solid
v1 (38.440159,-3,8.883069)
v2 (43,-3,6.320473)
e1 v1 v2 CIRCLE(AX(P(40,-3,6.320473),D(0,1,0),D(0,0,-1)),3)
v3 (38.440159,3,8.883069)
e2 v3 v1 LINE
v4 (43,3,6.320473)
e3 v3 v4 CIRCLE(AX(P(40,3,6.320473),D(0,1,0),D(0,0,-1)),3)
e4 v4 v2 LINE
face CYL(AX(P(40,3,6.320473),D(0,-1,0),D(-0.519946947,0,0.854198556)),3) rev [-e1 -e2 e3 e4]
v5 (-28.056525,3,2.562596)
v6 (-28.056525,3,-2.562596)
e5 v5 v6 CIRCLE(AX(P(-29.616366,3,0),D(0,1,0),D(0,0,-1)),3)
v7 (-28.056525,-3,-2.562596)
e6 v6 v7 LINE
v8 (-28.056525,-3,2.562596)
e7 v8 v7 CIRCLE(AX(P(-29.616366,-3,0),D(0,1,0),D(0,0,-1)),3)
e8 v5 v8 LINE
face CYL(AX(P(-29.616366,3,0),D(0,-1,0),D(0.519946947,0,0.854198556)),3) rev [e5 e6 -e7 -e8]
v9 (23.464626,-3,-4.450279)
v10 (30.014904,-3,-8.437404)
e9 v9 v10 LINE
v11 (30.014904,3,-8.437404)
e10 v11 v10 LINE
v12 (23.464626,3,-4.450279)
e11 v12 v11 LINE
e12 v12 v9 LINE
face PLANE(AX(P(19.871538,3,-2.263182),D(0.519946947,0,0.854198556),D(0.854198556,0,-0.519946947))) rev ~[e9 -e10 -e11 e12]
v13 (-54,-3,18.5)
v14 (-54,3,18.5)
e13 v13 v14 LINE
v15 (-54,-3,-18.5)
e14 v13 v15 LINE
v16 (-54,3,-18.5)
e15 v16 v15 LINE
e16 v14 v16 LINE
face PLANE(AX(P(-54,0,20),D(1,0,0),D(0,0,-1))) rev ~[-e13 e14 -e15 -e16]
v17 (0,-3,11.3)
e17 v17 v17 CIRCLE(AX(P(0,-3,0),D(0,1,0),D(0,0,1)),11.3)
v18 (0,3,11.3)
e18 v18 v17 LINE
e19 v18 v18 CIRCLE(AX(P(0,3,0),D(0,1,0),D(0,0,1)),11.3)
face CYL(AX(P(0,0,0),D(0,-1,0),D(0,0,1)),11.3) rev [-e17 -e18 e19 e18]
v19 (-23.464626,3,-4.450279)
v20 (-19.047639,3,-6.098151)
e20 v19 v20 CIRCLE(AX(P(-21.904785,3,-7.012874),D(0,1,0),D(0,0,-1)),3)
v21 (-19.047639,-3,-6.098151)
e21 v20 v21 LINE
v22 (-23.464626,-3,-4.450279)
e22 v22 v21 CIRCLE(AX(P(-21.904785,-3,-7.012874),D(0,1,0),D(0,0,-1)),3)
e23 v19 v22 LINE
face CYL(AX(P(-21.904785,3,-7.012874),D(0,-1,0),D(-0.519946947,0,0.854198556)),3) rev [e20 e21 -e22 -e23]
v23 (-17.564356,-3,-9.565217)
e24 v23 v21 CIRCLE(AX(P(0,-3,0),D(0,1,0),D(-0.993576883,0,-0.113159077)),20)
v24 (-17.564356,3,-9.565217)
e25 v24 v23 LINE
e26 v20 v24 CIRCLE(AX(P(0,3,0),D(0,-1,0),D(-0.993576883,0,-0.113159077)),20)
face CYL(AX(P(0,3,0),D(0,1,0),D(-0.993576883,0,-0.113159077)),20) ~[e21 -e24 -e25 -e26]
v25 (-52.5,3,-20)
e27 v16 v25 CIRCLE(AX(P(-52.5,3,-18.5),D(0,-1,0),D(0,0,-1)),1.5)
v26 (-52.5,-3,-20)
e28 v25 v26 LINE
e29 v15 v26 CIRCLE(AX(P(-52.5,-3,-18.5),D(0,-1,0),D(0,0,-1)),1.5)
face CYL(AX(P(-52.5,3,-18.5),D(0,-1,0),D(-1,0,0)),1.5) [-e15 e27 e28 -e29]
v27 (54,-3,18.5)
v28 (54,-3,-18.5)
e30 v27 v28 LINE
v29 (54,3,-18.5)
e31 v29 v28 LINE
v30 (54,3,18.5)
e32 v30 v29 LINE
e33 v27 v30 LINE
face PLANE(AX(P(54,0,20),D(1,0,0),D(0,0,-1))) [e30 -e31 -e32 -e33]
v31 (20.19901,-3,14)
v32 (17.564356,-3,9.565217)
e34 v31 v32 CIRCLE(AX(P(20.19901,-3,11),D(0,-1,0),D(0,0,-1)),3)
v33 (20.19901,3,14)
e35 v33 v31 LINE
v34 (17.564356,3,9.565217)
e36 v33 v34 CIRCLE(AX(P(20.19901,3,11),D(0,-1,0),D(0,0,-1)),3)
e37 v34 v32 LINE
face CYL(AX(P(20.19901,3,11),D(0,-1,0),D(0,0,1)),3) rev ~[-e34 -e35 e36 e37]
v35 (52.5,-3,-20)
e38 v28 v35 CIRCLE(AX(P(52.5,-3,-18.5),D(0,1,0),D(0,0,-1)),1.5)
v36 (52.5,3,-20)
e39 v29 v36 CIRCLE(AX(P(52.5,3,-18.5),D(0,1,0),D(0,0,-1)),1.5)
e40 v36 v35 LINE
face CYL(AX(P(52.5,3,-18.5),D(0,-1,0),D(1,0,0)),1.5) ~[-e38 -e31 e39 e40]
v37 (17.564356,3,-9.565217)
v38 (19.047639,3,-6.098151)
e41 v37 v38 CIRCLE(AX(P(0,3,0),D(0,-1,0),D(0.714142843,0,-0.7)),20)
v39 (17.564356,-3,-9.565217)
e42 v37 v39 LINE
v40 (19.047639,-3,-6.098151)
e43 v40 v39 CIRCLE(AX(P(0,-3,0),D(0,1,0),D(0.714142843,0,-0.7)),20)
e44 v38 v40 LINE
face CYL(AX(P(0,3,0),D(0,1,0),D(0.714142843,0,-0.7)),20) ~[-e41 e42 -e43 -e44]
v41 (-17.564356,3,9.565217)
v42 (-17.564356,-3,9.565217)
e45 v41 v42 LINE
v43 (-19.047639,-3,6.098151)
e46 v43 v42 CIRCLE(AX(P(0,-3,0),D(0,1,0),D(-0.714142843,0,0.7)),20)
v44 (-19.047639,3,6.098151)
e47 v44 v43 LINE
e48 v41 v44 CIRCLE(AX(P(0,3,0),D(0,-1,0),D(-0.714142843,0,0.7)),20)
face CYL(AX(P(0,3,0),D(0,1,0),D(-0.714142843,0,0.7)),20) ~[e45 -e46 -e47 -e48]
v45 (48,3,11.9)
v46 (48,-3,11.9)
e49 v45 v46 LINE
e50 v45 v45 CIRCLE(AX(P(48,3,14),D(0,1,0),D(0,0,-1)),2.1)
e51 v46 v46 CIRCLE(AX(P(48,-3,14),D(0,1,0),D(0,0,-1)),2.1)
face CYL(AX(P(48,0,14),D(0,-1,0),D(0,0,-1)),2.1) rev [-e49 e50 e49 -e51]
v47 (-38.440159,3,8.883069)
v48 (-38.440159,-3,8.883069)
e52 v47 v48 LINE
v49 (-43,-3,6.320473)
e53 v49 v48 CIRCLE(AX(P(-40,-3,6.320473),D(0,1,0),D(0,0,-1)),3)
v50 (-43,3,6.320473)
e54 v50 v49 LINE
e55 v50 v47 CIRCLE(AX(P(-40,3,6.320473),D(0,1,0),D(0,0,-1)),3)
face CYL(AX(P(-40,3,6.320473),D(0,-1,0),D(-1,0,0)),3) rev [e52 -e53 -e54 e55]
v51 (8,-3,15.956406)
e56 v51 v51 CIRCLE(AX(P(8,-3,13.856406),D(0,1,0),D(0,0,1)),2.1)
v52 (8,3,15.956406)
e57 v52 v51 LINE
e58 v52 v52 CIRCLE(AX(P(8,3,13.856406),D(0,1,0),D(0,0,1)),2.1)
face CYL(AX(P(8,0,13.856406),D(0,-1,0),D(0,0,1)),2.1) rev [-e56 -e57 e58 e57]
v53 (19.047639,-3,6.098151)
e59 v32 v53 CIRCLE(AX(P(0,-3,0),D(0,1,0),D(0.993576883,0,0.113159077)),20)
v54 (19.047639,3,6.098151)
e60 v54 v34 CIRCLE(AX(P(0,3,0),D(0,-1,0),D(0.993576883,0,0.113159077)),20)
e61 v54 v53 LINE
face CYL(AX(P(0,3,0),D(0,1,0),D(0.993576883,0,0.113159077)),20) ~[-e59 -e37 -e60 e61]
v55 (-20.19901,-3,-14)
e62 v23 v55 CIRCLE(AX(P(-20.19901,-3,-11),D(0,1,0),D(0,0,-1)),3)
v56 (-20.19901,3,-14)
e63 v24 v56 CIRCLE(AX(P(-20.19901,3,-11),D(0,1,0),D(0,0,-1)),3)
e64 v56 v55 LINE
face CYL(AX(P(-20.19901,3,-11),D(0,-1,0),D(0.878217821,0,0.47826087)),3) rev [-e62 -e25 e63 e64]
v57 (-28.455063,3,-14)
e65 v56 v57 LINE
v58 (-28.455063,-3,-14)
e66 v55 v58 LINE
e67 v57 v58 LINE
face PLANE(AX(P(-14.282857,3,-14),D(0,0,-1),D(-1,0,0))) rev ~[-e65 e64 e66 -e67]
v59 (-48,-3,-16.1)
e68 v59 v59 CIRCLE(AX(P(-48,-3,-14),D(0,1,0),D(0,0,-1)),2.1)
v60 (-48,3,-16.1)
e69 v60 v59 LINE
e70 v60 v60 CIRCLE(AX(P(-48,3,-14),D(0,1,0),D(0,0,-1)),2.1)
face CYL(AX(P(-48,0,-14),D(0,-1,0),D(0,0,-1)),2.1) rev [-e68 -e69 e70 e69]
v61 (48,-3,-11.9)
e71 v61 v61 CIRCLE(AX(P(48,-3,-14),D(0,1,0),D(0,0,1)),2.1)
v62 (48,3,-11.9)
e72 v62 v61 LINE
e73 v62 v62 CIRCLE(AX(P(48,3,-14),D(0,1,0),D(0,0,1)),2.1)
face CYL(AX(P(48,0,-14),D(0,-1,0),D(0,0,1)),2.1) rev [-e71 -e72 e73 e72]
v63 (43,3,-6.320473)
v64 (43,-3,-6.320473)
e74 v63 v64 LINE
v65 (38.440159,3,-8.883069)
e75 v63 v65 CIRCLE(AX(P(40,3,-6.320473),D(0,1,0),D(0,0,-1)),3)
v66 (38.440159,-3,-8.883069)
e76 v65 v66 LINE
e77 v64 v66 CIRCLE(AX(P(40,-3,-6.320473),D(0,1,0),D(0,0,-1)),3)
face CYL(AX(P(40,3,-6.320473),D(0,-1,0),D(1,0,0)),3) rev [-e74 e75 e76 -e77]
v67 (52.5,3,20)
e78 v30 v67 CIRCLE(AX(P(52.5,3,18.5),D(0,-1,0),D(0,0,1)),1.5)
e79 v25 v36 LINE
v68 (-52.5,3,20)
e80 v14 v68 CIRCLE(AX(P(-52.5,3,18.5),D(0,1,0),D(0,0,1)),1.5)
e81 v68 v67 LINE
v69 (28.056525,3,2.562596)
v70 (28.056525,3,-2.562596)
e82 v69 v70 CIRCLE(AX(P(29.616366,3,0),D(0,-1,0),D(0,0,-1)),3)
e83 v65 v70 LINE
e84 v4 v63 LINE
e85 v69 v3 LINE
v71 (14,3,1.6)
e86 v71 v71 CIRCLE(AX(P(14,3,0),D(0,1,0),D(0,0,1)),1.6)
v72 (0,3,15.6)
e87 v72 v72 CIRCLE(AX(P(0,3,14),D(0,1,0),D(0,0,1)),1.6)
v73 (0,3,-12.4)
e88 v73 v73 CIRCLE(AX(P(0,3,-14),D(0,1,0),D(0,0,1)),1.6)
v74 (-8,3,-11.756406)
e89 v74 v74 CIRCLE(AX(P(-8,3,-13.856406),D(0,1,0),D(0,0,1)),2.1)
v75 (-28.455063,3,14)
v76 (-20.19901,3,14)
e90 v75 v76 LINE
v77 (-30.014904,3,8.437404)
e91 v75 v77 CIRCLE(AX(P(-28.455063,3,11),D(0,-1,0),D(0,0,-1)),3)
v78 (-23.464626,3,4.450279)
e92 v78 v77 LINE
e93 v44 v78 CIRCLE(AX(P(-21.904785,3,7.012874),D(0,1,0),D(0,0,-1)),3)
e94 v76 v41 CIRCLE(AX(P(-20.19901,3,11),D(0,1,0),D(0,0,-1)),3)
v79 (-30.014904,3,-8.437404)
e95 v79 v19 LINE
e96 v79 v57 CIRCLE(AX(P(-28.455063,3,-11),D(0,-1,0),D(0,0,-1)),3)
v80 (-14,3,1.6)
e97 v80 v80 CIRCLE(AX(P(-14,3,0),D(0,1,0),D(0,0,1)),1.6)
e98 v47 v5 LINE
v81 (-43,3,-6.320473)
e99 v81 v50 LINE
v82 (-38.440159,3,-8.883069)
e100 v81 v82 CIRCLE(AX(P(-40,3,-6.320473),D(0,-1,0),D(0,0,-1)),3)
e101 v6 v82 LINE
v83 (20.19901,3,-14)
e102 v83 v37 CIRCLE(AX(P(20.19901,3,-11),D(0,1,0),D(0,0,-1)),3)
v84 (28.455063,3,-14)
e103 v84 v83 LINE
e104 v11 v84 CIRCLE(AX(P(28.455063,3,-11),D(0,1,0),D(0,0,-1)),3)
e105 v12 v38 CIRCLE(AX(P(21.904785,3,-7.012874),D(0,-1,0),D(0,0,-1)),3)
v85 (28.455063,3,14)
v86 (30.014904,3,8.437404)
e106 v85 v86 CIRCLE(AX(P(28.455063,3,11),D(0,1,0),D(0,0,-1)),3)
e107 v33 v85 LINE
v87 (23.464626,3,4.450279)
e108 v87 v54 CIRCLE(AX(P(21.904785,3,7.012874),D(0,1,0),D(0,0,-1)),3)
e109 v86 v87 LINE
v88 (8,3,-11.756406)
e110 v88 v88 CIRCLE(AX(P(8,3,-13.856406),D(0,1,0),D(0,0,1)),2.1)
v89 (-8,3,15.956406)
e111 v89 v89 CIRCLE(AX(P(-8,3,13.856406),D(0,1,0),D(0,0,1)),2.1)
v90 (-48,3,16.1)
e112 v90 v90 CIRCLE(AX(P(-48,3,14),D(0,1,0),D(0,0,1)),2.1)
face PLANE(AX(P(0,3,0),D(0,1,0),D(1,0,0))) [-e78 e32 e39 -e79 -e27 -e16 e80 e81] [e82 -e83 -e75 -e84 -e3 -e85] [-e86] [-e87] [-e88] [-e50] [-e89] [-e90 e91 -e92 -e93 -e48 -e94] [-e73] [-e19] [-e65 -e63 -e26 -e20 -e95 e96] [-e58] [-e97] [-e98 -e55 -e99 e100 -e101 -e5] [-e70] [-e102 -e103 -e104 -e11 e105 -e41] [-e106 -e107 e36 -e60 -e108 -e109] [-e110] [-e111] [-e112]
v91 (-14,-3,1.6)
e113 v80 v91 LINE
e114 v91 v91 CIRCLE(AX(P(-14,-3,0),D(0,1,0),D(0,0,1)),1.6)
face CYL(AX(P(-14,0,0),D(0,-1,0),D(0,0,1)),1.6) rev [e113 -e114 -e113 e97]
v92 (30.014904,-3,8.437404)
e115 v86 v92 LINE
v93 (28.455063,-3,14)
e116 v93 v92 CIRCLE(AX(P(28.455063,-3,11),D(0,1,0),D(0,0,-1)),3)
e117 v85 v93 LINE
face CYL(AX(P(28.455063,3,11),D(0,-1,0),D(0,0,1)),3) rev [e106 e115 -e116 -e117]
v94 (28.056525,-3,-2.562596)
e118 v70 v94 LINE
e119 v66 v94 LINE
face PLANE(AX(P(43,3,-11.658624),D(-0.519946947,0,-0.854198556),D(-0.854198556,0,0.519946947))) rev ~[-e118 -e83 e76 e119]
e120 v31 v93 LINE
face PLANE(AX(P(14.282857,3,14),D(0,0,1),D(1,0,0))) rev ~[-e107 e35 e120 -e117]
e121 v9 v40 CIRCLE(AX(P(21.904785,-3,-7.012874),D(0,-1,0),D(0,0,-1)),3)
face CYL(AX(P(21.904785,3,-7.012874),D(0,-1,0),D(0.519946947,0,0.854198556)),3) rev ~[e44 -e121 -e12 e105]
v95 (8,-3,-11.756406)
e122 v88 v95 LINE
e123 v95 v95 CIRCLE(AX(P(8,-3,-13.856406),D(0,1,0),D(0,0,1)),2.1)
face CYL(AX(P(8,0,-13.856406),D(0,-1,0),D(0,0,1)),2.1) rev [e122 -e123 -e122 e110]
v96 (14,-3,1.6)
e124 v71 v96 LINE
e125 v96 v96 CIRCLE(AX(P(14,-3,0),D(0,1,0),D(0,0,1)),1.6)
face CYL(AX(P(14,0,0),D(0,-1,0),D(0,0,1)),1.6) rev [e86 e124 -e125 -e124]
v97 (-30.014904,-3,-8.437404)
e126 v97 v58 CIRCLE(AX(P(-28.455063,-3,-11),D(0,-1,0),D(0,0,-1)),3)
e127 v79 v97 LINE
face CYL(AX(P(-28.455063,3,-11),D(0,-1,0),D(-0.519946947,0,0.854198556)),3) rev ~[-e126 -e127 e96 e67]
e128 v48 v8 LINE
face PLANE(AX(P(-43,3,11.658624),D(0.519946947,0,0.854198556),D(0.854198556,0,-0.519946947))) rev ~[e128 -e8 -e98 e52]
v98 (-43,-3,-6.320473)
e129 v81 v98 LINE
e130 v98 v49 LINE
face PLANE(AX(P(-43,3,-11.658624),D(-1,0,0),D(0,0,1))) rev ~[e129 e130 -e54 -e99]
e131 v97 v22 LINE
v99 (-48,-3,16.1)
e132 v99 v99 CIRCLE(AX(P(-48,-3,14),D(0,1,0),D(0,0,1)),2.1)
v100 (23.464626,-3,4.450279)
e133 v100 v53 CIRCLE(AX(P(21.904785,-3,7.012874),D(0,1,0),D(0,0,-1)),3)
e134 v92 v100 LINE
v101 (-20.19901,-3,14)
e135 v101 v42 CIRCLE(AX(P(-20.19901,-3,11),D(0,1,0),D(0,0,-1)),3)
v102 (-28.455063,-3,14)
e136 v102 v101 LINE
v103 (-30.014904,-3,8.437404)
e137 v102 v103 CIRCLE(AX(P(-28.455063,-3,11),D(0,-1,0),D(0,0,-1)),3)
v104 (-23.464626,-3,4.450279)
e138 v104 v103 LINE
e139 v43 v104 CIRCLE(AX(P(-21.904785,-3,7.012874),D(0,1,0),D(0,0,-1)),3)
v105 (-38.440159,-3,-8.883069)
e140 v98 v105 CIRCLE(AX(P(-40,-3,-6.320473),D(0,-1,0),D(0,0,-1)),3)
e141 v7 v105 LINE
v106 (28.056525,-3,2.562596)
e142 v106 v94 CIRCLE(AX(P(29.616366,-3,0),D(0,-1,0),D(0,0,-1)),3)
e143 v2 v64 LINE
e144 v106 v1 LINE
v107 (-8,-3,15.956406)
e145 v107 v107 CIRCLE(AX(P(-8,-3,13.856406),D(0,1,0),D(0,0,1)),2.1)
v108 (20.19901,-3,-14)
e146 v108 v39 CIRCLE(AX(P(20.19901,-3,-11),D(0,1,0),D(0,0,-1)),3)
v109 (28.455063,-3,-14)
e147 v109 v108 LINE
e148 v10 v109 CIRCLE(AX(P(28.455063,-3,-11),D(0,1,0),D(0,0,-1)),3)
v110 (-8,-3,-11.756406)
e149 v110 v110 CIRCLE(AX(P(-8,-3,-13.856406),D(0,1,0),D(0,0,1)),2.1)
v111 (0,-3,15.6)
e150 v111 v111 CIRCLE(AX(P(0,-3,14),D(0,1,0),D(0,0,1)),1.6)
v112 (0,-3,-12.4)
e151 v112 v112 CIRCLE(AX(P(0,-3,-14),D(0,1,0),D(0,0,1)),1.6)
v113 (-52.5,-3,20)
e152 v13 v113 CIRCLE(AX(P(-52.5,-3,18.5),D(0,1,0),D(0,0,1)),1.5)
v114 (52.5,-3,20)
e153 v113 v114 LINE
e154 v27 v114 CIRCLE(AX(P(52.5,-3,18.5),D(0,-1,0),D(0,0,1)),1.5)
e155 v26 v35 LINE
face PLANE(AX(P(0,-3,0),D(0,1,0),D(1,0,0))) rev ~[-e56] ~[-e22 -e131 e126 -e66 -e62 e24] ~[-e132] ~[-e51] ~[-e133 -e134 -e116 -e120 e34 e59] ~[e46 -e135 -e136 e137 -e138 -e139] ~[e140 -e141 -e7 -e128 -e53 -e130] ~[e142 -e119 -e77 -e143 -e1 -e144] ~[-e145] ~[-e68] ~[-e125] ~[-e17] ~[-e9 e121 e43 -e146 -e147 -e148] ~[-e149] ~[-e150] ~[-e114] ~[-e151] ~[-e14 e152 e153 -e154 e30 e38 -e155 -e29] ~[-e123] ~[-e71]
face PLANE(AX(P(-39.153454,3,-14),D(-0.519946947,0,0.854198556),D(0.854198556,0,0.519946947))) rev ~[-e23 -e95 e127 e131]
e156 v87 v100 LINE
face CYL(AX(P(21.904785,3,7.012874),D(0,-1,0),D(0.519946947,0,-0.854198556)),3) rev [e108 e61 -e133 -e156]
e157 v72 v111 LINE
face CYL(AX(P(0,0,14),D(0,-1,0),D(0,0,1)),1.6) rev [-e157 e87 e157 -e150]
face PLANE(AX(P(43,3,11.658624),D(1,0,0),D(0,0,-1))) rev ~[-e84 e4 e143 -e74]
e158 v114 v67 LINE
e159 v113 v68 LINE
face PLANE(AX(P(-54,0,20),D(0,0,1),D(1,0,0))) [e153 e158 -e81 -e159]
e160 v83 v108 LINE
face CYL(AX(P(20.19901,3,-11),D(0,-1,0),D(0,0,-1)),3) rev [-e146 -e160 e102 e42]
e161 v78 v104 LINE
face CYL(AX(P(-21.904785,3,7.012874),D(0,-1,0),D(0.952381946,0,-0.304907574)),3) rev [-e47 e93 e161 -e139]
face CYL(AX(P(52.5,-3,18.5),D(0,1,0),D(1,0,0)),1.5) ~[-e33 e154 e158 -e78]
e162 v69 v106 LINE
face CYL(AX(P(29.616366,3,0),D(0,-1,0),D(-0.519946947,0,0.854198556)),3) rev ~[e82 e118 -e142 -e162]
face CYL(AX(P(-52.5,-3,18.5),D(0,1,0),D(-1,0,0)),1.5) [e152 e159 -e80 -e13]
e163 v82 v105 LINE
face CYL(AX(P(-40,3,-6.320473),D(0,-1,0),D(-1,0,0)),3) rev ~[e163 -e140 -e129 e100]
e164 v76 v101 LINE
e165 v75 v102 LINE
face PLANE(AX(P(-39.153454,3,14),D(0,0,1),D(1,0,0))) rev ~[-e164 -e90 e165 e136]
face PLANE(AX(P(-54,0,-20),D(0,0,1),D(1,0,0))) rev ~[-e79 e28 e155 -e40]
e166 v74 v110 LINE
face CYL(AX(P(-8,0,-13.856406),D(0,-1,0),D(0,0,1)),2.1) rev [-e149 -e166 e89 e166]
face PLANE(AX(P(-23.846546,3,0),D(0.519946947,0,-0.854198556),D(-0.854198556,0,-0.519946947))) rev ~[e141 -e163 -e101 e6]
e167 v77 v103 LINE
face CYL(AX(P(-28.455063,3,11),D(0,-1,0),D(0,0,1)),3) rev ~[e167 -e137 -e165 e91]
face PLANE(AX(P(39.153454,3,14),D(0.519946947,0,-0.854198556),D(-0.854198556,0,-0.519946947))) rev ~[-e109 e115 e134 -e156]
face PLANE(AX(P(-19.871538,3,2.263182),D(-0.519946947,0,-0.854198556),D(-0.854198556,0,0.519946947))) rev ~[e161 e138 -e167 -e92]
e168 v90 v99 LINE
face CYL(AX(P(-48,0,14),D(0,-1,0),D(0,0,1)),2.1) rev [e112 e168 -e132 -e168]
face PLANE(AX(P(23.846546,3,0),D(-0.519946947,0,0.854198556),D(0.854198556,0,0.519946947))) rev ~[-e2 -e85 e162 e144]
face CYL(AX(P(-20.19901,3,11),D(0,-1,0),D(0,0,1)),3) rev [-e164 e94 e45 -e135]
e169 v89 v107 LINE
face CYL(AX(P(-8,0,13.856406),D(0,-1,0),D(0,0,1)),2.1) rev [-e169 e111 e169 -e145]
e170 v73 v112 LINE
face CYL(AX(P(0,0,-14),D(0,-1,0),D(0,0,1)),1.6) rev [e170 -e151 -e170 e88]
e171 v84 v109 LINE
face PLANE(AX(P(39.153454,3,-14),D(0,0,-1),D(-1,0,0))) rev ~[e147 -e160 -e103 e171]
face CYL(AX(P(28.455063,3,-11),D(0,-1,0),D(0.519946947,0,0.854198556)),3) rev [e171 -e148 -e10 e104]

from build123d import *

# Parameters (mm, degrees)
SKETCH_1_W          = 108
SKETCH_1_H          = 40
SKETCH_1_R          = 11.3
SKETCH_1_R_2        = 1.6
SKETCH_1_R_3        = 2.1
EXTRUDE_1_DEPTH     = 3
FILLET_1_R          = 1.5
CUT_EXTRUDE_1_DEPTH = 58.896459305
FILLET_2_R          = 3


with BuildPart() as part:
    # 草图1 → 凸台-拉伸1 (new, symmetric)
    with BuildSketch(Plane(origin=(0, 0, 0), x_dir=(1, 0, 0), z_dir=(0, 1, 0))):
        Rectangle(SKETCH_1_W, SKETCH_1_H)
        with Locations(Location((0, 0, 0), (0, 0, 270))):
            Circle(SKETCH_1_R, mode=Mode.SUBTRACT)
        with Locations(Location((0, 14, 0), (0, 0, 270))):
            Circle(SKETCH_1_R_2, mode=Mode.SUBTRACT)
        with Locations(Location((8, 13.856406461, 0), (0, 0, 270))):
            Circle(SKETCH_1_R_3, mode=Mode.SUBTRACT)
        with Locations(Location((8, -13.856406461, 0), (0, 0, 270))):
            Circle(SKETCH_1_R_3, mode=Mode.SUBTRACT)
        with Locations(Location((-8, -13.856406461, 0), (0, 0, 270))):
            Circle(SKETCH_1_R_3, mode=Mode.SUBTRACT)
        with Locations(Location((-8, 13.856406461, 0), (0, 0, 270))):
            Circle(SKETCH_1_R_3, mode=Mode.SUBTRACT)
        with Locations(Location((14, 0, 0), (0, 0, 270))):
            Circle(SKETCH_1_R_2, mode=Mode.SUBTRACT)
        with Locations(Location((0, -14, 0), (0, 0, 270))):
            Circle(SKETCH_1_R_2, mode=Mode.SUBTRACT)
        with Locations(Location((-14, 0, 0), (0, 0, 270))):
            Circle(SKETCH_1_R_2, mode=Mode.SUBTRACT)
        with Locations(Location((-48, -14, 0), (0, 0, 270))):
            Circle(SKETCH_1_R_3, mode=Mode.SUBTRACT)
        with Locations(Location((-48, 14, 0), (0, 0, 90))):
            Circle(SKETCH_1_R_3, mode=Mode.SUBTRACT)
        with Locations(Location((48, -14, 0), (0, 0, 90))):
            Circle(SKETCH_1_R_3, mode=Mode.SUBTRACT)
        with Locations(Location((48, 14, 0), (0, 0, 270))):
            Circle(SKETCH_1_R_3, mode=Mode.SUBTRACT)
    extrude(amount=EXTRUDE_1_DEPTH, both=True)

    # 圆角1
    fillet_1_edges = [part.edges().sort_by_distance(p)[0] for p in [
        (54, 0, 20),
        (-54, 0, 20),
        (-54, 0, -20),
        (54, 0, -20),
    ]]
    fillet(fillet_1_edges, radius=FILLET_1_R)

    # 草图3 → 切除-拉伸1 (cut, through all)
    with BuildSketch(Plane(origin=(0, 3, 0), x_dir=(1, 0, 0), z_dir=(0, 1, 0))):
        with BuildLine():
            Line((-39.153453709, 14), (-19.871537669, 2.263181541))
            ThreePointArc((-19.871537669, 2.263181541), (-18.057377806, 8.598319996), (-14.282856857, 14))
            Line((-14.282856857, 14), (-39.153453709, 14))
        make_face()
        Polygon((-43, 11.658623997), (-43, -11.658623997), (-23.846546291, 0), align=None)
        with BuildLine():
            Line((-39.153453709, -14), (-14.282856857, -14))
            ThreePointArc((-14.282856857, -14), (-18.057377806, -8.598319996), (-19.871537669, -2.263181541))
            Line((-19.871537669, -2.263181541), (-39.153453709, -14))
        make_face()
        with BuildLine():
            Line((14.282856857, -14), (39.153453709, -14))
            Line((39.153453709, -14), (19.871537669, -2.263181541))
            ThreePointArc((19.871537669, -2.263181541), (18.057377806, -8.598319996), (14.282856857, -14))
        make_face()
        Polygon((23.846546291, 0), (43, -11.658623997), (43, 11.658623997), align=None)
        with BuildLine():
            ThreePointArc((14.282856857, 14), (18.057377806, 8.598319996), (19.871537669, 2.263181541))
            Line((19.871537669, 2.263181541), (39.153453709, 14))
            Line((39.153453709, 14), (14.282856857, 14))
        make_face()
    extrude(amount=-CUT_EXTRUDE_1_DEPTH, mode=Mode.SUBTRACT)

    # 圆角2
    fillet_2_edges = [part.edges().sort_by_distance(p)[0] for p in [
        (-19.871537669, 0, 2.263181541),
        (-14.282856857, 0, 14),
        (-39.153453709, 0, 14),
        (-23.846546291, 0, 0),
        (-43, 0, 11.658623997),
        (-43, 0, -11.658623997),
        (23.846546291, 0, 0),
        (43, 0, -11.658623997),
        (43, 0, 11.658623997),
        (14.282856857, 0, 14),
        (19.871537669, 0, 2.263181541),
        (39.153453709, 0, 14),
        (19.871537669, 0, -2.263181541),
        (14.282856857, 0, -14),
        (39.153453709, 0, -14),
        (-14.282856857, 0, -14),
        (-19.871537669, 0, -2.263181541),
        (-39.153453709, 0, -14),
    ]]
    fillet(fillet_2_edges, radius=FILLET_2_R)


solid = part.part
